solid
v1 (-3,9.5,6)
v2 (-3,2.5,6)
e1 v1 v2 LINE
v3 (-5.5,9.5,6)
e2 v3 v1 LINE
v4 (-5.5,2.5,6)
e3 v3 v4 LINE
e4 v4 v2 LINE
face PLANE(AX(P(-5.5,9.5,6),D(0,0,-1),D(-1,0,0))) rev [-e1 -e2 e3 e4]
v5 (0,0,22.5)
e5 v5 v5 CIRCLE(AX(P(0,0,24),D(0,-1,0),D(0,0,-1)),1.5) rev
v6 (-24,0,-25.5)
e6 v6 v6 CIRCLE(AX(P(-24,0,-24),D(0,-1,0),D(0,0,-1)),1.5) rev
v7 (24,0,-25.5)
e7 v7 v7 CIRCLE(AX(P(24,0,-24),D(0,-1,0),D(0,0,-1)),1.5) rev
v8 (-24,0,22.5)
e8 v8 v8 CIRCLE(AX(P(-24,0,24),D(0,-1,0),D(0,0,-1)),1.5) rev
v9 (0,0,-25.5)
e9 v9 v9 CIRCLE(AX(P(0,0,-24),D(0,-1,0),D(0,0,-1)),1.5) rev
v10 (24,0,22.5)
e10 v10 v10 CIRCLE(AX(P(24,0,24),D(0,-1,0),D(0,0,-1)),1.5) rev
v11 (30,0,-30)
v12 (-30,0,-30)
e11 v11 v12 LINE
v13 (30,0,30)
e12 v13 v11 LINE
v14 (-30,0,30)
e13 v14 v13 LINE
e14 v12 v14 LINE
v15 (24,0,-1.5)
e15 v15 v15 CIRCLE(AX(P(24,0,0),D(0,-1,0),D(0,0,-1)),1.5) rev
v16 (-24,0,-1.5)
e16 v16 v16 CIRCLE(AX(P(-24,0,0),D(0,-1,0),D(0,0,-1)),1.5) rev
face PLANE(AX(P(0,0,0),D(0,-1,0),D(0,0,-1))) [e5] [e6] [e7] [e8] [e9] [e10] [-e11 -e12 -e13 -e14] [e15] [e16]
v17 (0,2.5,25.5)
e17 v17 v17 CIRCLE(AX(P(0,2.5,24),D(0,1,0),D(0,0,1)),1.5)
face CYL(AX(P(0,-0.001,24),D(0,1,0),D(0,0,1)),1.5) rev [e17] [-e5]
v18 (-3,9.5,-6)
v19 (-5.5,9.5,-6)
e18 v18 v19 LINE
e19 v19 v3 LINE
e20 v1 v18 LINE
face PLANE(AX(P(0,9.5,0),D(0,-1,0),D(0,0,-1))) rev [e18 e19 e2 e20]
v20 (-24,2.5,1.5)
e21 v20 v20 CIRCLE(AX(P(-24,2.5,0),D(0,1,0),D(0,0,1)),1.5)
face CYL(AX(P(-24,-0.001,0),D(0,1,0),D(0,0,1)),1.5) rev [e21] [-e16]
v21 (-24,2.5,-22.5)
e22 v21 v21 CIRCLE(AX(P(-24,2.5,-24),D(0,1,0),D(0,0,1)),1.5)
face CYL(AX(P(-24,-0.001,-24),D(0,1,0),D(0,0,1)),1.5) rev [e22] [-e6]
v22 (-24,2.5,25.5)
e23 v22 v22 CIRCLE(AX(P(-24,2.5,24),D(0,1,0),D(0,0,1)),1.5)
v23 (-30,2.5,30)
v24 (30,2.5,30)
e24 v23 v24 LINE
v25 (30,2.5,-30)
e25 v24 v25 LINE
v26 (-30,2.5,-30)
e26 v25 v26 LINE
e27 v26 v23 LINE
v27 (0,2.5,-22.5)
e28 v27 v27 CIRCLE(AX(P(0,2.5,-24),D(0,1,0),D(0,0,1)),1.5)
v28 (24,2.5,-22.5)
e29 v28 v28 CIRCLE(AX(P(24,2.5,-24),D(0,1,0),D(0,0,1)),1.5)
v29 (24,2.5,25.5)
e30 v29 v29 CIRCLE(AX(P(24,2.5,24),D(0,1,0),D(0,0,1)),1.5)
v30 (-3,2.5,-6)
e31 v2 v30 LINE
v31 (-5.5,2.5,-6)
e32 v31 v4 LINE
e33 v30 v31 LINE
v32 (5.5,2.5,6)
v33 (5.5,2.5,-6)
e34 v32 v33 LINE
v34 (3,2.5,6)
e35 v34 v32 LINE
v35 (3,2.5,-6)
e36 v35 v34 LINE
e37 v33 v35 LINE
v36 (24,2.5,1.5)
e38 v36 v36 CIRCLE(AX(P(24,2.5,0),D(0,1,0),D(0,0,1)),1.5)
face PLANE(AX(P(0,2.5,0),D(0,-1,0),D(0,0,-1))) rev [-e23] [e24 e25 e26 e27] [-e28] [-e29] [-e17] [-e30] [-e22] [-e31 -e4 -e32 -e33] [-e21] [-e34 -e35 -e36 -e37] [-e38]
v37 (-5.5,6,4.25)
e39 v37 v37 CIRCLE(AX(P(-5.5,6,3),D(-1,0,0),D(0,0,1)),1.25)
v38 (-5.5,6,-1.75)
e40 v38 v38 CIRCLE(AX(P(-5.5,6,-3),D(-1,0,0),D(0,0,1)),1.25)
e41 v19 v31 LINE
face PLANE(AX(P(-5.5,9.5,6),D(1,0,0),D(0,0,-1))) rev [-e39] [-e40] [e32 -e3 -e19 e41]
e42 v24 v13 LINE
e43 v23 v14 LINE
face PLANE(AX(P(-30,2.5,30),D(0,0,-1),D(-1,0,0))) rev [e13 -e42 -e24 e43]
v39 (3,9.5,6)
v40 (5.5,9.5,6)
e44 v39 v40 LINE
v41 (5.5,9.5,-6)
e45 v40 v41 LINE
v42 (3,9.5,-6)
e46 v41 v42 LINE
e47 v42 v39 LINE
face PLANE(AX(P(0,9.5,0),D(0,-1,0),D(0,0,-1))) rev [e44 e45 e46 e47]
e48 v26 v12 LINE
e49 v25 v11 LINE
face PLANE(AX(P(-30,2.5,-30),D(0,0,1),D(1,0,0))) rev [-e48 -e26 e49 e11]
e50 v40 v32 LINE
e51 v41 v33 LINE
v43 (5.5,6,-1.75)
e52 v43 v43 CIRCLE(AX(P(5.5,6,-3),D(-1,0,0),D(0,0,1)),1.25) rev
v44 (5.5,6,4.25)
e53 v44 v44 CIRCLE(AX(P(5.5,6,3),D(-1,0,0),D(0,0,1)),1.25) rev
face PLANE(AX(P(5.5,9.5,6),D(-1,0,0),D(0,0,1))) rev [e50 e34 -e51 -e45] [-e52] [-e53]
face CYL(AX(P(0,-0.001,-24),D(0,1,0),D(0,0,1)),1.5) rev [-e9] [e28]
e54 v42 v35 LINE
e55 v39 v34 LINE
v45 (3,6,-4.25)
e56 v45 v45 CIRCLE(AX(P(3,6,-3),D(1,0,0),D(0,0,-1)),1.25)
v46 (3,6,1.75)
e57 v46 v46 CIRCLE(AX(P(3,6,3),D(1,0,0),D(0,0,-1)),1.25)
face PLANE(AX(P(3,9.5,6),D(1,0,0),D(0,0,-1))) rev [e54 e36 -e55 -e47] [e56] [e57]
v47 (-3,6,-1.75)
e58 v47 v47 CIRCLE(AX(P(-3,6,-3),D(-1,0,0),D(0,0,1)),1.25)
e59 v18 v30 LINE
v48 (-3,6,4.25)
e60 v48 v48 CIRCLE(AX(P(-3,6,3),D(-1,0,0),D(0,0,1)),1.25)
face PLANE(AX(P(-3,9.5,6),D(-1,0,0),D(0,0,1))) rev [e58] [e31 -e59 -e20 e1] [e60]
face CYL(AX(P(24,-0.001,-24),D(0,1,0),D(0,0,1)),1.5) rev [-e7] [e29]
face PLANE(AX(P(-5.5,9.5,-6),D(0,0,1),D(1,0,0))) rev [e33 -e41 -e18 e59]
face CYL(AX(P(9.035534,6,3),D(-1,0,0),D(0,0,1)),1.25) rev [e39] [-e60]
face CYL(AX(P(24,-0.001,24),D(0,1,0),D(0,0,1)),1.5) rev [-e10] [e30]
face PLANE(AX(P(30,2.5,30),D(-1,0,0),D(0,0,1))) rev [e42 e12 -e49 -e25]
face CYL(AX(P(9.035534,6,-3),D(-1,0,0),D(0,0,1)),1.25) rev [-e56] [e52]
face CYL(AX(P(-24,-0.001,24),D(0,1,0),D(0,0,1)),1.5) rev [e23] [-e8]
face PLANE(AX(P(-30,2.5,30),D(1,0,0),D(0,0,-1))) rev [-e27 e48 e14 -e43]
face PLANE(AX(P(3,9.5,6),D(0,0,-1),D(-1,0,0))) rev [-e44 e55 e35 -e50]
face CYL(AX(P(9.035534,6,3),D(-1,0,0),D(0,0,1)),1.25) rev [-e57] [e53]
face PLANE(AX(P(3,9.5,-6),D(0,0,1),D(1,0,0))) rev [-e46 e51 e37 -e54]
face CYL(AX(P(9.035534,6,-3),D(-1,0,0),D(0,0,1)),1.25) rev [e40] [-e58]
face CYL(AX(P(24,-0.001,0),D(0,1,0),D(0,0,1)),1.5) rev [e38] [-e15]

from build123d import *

# Parameters (mm, degrees)
SKETCH2_W           = 60
SKETCH2_H           = 60
BOSS_EXTRUDE1_DEPTH = 2.5
SKETCH3_W           = 2.5
SKETCH3_H           = 12
BOSS_EXTRUDE3_DEPTH = 7
SKETCH6_R           = 1.25
CUT_EXTRUDE1_DEPTH  = 11
CUT_EXTRUDE2_REACH  = 4.5
SKETCH7_R           = 1.5


with BuildPart() as part:
    # Sketch2 → Boss-Extrude1 (new body)
    with BuildSketch(Plane(origin=(0, 0, 0), x_dir=(1, 0, 0), z_dir=(0, 1, 0))):
        Rectangle(SKETCH2_W, SKETCH2_H)
    extrude(amount=BOSS_EXTRUDE1_DEPTH)

    # Sketch3 → Boss-Extrude3 (add)
    with BuildSketch(Plane(origin=(0, 2.5, 0), x_dir=(1, 0, 0), z_dir=(0, 1, 0))):
        with Locations((-4.25, 0)):
            Rectangle(SKETCH3_W, SKETCH3_H)
        with Locations((4.25, 0)):
            Rectangle(SKETCH3_W, SKETCH3_H)
    extrude(amount=BOSS_EXTRUDE3_DEPTH)

    # Sketch6 → Cut-Extrude1 (cut)
    with BuildSketch(Plane.ZY.offset(5.5)):
        with Locations((-3, 6)):
            Circle(SKETCH6_R)
        with Locations((3, 6)):
            Circle(SKETCH6_R)
    extrude(amount=-CUT_EXTRUDE1_DEPTH, mode=Mode.SUBTRACT)

    # Sketch7 → Cut-Extrude2 (cut, up to next)
    with BuildSketch(Plane(origin=(0, 2.5, 0), x_dir=(1, 0, 0), z_dir=(0, 1, 0)), mode=Mode.PRIVATE) as cut_extrude2_sk1:
        with Locations((24, -24)):
            Circle(SKETCH7_R)
    cut_extrude2_tool1 = extrude(cut_extrude2_sk1.sketch, amount=-CUT_EXTRUDE2_REACH, mode=Mode.PRIVATE) & part.part
    add(cut_extrude2_tool1.solids().sort_by_distance((24, 2.5, 24))[0], mode=Mode.SUBTRACT)
    # Sketch7 → Cut-Extrude2 (cut, up to next)
    with BuildSketch(Plane(origin=(0, 2.5, 0), x_dir=(1, 0, 0), z_dir=(0, 1, 0)), mode=Mode.PRIVATE) as cut_extrude2_sk2:
        with Locations((-24, -24)):
            Circle(SKETCH7_R)
    cut_extrude2_tool2 = extrude(cut_extrude2_sk2.sketch, amount=-CUT_EXTRUDE2_REACH, mode=Mode.PRIVATE) & part.part
    add(cut_extrude2_tool2.solids().sort_by_distance((-24, 2.5, 24))[0], mode=Mode.SUBTRACT)
    # Sketch7 → Cut-Extrude2 (cut, up to next)
    with BuildSketch(Plane(origin=(0, 2.5, 0), x_dir=(1, 0, 0), z_dir=(0, 1, 0)), mode=Mode.PRIVATE) as cut_extrude2_sk3:
        with Locations((-24, 24)):
            Circle(SKETCH7_R)
    cut_extrude2_tool3 = extrude(cut_extrude2_sk3.sketch, amount=-CUT_EXTRUDE2_REACH, mode=Mode.PRIVATE) & part.part
    add(cut_extrude2_tool3.solids().sort_by_distance((-24, 2.5, -24))[0], mode=Mode.SUBTRACT)
    # Sketch7 → Cut-Extrude2 (cut, up to next)
    with BuildSketch(Plane(origin=(0, 2.5, 0), x_dir=(1, 0, 0), z_dir=(0, 1, 0)), mode=Mode.PRIVATE) as cut_extrude2_sk4:
        with Locations((24, 24)):
            Circle(SKETCH7_R)
    cut_extrude2_tool4 = extrude(cut_extrude2_sk4.sketch, amount=-CUT_EXTRUDE2_REACH, mode=Mode.PRIVATE) & part.part
    add(cut_extrude2_tool4.solids().sort_by_distance((24, 2.5, -24))[0], mode=Mode.SUBTRACT)
    # Sketch7 → Cut-Extrude2 (cut, up to next)
    with BuildSketch(Plane(origin=(0, 2.5, 0), x_dir=(1, 0, 0), z_dir=(0, 1, 0)), mode=Mode.PRIVATE) as cut_extrude2_sk5:
        with Locations((24, 0)):
            Circle(SKETCH7_R)
    cut_extrude2_tool5 = extrude(cut_extrude2_sk5.sketch, amount=-CUT_EXTRUDE2_REACH, mode=Mode.PRIVATE) & part.part
    add(cut_extrude2_tool5.solids().sort_by_distance((24, 2.5, 0))[0], mode=Mode.SUBTRACT)
    # Sketch7 → Cut-Extrude2 (cut, up to next)
    with BuildSketch(Plane(origin=(0, 2.5, 0), x_dir=(1, 0, 0), z_dir=(0, 1, 0)), mode=Mode.PRIVATE) as cut_extrude2_sk6:
        with Locations((-24, 0)):
            Circle(SKETCH7_R)
    cut_extrude2_tool6 = extrude(cut_extrude2_sk6.sketch, amount=-CUT_EXTRUDE2_REACH, mode=Mode.PRIVATE) & part.part
    add(cut_extrude2_tool6.solids().sort_by_distance((-24, 2.5, 0))[0], mode=Mode.SUBTRACT)
    # Sketch7 → Cut-Extrude2 (cut, up to next)
    with BuildSketch(Plane(origin=(0, 2.5, 0), x_dir=(1, 0, 0), z_dir=(0, 1, 0)), mode=Mode.PRIVATE) as cut_extrude2_sk7:
        with Locations((0, -24)):
            Circle(SKETCH7_R)
    cut_extrude2_tool7 = extrude(cut_extrude2_sk7.sketch, amount=-CUT_EXTRUDE2_REACH, mode=Mode.PRIVATE) & part.part
    add(cut_extrude2_tool7.solids().sort_by_distance((0, 2.5, 24))[0], mode=Mode.SUBTRACT)
    # Sketch7 → Cut-Extrude2 (cut, up to next)
    with BuildSketch(Plane(origin=(0, 2.5, 0), x_dir=(1, 0, 0), z_dir=(0, 1, 0)), mode=Mode.PRIVATE) as cut_extrude2_sk8:
        with Locations((0, 24)):
            Circle(SKETCH7_R)
    cut_extrude2_tool8 = extrude(cut_extrude2_sk8.sketch, amount=-CUT_EXTRUDE2_REACH, mode=Mode.PRIVATE) & part.part
    add(cut_extrude2_tool8.solids().sort_by_distance((0, 2.5, -24))[0], mode=Mode.SUBTRACT)


solid = part.part
